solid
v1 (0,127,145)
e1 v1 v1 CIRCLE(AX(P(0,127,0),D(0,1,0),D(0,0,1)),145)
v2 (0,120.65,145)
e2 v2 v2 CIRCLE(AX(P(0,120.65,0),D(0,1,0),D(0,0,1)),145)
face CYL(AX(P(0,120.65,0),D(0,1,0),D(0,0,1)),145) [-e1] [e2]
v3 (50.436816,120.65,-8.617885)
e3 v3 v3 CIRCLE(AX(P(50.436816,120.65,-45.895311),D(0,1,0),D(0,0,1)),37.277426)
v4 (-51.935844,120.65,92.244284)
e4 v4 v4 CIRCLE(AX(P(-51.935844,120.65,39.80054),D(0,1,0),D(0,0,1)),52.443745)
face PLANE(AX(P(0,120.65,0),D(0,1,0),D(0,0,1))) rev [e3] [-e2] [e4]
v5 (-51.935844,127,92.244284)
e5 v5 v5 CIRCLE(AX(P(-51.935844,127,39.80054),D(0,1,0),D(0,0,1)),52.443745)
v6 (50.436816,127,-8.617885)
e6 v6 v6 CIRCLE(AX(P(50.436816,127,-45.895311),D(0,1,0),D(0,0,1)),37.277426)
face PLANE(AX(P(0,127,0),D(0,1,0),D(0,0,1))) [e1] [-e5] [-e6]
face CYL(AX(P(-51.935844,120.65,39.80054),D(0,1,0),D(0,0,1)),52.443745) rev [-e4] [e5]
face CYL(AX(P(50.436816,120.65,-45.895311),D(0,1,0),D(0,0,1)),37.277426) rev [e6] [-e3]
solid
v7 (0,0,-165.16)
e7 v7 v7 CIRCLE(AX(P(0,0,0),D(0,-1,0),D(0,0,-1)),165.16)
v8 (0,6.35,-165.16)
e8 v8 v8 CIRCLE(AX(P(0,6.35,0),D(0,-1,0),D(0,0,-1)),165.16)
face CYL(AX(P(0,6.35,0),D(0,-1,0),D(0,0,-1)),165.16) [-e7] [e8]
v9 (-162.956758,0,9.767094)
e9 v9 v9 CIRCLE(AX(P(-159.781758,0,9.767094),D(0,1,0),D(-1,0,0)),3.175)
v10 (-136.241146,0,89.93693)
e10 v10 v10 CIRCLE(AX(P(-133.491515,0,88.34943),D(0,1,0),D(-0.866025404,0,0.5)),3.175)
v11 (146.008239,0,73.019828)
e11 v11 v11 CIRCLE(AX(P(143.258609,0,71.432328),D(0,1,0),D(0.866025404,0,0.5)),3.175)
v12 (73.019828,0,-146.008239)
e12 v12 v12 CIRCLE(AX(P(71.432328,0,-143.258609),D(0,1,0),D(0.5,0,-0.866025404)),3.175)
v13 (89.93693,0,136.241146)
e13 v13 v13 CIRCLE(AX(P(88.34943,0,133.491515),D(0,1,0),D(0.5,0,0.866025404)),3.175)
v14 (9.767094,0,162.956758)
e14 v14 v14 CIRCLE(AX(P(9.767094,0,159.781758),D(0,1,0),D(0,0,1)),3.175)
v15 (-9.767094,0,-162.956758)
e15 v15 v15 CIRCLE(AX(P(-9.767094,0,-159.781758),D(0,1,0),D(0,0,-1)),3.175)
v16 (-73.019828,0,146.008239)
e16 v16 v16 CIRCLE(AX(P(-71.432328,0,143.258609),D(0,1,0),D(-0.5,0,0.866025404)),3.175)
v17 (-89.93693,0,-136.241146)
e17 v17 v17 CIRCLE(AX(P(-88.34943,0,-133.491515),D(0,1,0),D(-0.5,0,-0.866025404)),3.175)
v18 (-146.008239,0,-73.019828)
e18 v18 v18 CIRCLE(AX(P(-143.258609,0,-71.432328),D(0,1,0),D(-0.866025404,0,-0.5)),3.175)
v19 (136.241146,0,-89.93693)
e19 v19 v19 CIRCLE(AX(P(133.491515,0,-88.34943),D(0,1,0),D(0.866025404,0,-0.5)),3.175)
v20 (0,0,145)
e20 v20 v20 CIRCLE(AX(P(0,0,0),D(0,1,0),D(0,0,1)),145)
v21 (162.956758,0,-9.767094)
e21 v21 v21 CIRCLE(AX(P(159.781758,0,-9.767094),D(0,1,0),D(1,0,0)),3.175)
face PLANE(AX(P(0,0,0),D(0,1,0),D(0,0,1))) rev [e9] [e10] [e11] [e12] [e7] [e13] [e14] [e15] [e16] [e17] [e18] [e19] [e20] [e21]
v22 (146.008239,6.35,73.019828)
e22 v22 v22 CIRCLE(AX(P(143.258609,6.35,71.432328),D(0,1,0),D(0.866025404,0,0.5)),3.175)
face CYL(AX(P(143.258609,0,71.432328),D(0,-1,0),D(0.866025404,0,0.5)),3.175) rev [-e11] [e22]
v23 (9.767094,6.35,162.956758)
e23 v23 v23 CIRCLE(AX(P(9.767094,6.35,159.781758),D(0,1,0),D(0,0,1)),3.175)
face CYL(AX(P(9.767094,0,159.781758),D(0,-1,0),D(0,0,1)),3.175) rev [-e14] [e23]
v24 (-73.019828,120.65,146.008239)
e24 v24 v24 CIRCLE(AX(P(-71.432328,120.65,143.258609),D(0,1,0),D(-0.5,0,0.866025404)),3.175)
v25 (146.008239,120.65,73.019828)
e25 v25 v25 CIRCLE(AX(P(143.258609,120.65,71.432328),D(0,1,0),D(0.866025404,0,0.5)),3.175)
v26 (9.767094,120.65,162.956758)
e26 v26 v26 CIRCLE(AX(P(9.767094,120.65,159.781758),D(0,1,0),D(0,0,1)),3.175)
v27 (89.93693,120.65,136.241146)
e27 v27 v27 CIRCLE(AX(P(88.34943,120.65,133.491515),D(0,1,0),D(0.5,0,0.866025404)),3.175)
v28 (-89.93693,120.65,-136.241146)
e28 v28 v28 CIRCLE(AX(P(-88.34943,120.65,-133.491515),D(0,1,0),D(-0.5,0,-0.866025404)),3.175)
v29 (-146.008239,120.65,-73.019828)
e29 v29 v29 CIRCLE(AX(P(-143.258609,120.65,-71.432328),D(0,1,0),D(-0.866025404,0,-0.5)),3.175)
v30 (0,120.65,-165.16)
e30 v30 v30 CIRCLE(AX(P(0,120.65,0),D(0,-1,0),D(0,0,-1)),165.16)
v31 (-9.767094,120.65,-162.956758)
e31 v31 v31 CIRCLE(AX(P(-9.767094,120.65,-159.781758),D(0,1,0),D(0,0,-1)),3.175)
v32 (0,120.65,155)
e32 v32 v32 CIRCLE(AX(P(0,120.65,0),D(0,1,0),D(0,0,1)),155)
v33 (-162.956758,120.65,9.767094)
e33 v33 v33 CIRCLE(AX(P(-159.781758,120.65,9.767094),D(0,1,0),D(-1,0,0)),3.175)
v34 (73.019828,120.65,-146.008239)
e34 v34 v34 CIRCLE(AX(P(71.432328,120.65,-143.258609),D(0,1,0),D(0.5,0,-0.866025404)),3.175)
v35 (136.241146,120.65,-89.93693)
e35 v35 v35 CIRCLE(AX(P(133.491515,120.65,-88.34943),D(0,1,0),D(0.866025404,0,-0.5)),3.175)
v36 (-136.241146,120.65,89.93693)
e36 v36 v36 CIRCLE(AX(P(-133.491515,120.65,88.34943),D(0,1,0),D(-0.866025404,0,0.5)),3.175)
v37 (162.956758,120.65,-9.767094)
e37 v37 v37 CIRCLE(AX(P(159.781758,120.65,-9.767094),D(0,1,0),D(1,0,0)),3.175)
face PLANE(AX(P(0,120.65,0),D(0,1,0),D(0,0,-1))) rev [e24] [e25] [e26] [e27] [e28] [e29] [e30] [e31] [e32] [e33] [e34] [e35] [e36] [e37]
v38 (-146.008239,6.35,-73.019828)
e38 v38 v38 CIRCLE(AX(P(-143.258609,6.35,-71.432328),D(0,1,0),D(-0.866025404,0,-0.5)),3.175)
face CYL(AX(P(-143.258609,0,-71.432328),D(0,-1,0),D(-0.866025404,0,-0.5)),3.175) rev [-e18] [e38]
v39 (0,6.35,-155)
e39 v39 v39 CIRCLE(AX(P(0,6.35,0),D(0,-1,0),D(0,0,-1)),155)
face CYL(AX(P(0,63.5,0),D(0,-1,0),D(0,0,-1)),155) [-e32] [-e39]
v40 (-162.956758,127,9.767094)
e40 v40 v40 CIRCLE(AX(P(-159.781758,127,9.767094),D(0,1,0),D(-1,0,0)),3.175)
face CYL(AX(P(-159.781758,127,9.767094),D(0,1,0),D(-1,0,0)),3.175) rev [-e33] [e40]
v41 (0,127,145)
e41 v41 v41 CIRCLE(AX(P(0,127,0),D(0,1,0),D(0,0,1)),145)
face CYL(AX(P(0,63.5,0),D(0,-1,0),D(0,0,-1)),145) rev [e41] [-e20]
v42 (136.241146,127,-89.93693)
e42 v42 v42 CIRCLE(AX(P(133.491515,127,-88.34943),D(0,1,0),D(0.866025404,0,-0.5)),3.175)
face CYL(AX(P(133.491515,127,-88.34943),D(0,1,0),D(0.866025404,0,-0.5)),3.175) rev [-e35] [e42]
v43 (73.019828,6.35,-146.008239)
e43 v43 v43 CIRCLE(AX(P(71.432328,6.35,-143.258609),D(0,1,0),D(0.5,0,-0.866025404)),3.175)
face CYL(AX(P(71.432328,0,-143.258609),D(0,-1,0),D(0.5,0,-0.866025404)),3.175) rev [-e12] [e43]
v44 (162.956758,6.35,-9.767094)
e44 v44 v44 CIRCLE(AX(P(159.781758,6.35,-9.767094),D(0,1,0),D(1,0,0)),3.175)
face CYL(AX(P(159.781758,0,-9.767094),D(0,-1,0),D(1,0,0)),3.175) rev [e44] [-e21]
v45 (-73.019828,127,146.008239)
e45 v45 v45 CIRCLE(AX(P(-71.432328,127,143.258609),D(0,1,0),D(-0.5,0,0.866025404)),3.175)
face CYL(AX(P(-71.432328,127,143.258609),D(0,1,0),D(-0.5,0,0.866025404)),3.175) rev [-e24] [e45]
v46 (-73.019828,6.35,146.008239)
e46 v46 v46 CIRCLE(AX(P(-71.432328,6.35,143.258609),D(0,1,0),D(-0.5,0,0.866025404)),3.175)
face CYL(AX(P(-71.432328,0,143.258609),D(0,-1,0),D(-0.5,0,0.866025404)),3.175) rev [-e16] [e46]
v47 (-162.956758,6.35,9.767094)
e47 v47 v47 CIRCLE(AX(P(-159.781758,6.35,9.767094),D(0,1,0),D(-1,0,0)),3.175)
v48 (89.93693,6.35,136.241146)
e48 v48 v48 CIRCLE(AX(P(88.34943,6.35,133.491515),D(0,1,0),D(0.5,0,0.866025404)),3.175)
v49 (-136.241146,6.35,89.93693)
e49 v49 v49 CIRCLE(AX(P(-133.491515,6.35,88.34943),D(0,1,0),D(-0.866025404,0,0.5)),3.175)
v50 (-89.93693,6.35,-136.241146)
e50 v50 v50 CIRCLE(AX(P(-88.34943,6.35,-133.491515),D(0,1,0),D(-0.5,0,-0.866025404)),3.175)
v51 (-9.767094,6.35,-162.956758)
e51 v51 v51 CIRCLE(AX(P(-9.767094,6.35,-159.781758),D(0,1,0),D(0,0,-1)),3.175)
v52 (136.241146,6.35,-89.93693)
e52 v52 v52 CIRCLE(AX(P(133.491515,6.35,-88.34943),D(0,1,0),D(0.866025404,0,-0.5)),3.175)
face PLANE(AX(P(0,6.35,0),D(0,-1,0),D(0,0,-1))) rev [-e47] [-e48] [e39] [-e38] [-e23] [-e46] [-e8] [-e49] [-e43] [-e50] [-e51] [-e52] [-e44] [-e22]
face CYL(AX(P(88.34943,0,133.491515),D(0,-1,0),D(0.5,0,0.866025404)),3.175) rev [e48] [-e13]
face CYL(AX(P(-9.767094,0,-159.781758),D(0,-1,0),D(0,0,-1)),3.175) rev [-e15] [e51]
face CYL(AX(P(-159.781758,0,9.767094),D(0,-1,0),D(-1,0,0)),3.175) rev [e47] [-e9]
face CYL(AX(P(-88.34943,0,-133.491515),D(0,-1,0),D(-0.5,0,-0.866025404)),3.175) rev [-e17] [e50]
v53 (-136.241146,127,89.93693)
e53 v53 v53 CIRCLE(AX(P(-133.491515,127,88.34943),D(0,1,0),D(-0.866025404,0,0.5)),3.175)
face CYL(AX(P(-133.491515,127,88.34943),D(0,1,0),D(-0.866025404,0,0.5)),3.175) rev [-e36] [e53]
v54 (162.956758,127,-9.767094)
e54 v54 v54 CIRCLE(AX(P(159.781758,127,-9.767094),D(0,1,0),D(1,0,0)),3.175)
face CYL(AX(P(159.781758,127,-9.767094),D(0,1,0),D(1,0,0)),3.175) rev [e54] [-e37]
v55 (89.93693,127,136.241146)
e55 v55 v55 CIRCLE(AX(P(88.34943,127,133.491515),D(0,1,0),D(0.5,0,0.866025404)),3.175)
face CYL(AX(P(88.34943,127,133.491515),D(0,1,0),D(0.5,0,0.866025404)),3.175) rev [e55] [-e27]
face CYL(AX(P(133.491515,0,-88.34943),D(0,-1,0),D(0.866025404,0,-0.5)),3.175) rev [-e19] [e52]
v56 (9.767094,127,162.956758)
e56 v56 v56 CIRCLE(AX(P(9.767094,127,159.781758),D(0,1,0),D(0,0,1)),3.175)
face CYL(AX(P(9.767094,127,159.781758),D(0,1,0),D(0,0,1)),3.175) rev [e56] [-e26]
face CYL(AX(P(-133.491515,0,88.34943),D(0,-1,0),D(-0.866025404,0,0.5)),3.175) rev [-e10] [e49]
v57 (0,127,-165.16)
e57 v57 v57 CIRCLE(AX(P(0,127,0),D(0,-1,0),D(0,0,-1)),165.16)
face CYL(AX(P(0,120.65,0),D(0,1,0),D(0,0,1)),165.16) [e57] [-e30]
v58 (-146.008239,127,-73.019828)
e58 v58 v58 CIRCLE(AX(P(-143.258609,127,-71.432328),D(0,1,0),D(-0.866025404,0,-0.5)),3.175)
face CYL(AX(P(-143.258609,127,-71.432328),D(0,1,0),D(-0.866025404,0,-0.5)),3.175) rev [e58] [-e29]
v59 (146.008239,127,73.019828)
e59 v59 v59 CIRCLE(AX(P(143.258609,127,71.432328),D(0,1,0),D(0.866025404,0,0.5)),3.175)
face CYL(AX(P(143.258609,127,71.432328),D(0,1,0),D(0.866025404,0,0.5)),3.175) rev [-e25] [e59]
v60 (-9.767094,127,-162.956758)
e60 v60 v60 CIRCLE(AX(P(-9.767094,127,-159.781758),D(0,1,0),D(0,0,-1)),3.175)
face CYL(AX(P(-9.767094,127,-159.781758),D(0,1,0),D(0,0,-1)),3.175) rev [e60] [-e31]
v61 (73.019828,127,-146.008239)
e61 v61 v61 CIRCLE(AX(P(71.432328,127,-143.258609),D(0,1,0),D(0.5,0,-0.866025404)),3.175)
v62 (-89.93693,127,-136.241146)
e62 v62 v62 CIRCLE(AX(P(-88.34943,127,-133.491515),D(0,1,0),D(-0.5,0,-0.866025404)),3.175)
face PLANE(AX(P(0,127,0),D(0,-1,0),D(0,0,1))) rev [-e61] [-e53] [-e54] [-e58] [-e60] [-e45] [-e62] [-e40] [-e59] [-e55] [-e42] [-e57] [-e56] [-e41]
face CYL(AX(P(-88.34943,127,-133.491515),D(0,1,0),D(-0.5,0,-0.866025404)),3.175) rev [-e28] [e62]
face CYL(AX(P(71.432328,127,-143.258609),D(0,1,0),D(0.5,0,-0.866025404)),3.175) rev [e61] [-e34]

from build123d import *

# Parameters (mm, degrees)
SKETCH1_R           = 155
SKETCH1_R_2         = 145
BOSS_EXTRUDE1_DEPTH = 63.5
SKETCH2_R           = 165.16
SKETCH2_R_2         = 155
BOSS_EXTRUDE2_DEPTH = 6.35
SKETCH3_R           = 145
SKETCH3_R_2         = 37.277426073
SKETCH3_R_3         = 52.443744705
BOSS_EXTRUDE4_DEPTH = 6.35
CIRPATTERN2_COUNT   = 12


with BuildPart() as part:
    # Sketch1 → Boss-Extrude1 (new body)
    with BuildSketch(Plane(origin=(0, 0, 0), x_dir=(1, 0, 0), z_dir=(0, 1, 0))):
        with Locations(Location((0, 0, 0), (0, 0, 270))):
            Circle(SKETCH1_R)
        with Locations(Location((0, 0, 0), (0, 0, 270))):
            Circle(SKETCH1_R_2, mode=Mode.SUBTRACT)
    boss_extrude1 = extrude(amount=BOSS_EXTRUDE1_DEPTH)

    # Sketch2 → Boss-Extrude2 (add)
    with BuildSketch(Plane.XZ):
        with Locations(Location((0, 0, 0), (0, 0, 270))):
            Circle(SKETCH2_R)
        with Locations(Location((0, 0, 0), (0, 0, 270))):
            Circle(SKETCH2_R_2, mode=Mode.SUBTRACT)
    boss_extrude2 = extrude(amount=-BOSS_EXTRUDE2_DEPTH)

    # Mirror2: Boss-Extrude1, Boss-Extrude2 across plane
    add(boss_extrude1.mirror(Plane.ZX.offset(63.5)))
    add(boss_extrude2.mirror(Plane.ZX.offset(63.5)))

    # Sketch10 → 1/4 (0.25) Diameter Hole2 (revolve, cut)
    with BuildSketch(Plane(origin=(9.767093679, 127, 159.781758286), x_dir=(0, 0, 1), z_dir=(1, 0, 0))):
        Polygon((0, 0), (0, 8.257732465), (3.175, 6.35), (3.175, 0), align=None)
    f_1_4_0_25_diameter_hole2 = revolve(axis=Axis((9.767093679, 133.35, 159.781758286), (0, -1, 0)), mode=Mode.SUBTRACT)

    # Mirror6: 1/4 (0.25) Diameter Hole2 across plane
    add(f_1_4_0_25_diameter_hole2.mirror(Plane.ZX.offset(63.5)), mode=Mode.SUBTRACT)

    # CirPattern2: 1/4 (0.25) Diameter Hole2 ×12 about axis
    cirpattern2_axis = Axis((0, 0, 0), (0, 1, 0))
    for i in range(1, CIRPATTERN2_COUNT):
        add(f_1_4_0_25_diameter_hole2.rotate(cirpattern2_axis, i * 360 / CIRPATTERN2_COUNT), mode=Mode.SUBTRACT)

    # CirPattern2 copy 1 sketch → CirPattern2 copy 1 (revolve, cut)
    with BuildSketch(Plane(origin=(88.349430391, 0, 133.491514898), x_dir=(0.49999999999999994, 0, 0.8660254037844387), z_dir=(0.8660254037844387, 0, -0.49999999999999994))):
        Polygon((0, 0), (0, -8.257732465), (3.175, -6.35), (3.175, 0), align=None)
    revolve(axis=Axis((88.349430391, -6.35, 133.491514898), (0, -1, 0)), mode=Mode.SUBTRACT)

    # CirPattern2 copy 2 sketch → CirPattern2 copy 2 (revolve, cut)
    with BuildSketch(Plane(origin=(143.258608577, 0, 71.432327896), x_dir=(0.8660254037844386, 0, 0.5000000000000001), z_dir=(0.5000000000000001, 0, -0.8660254037844386))):
        Polygon((0, 0), (0, -8.257732465), (3.175, -6.35), (3.175, 0), align=None)
    revolve(axis=Axis((143.258608577, -6.35, 71.432327896), (0, -1, 0)), mode=Mode.SUBTRACT)

    # CirPattern2 copy 3 sketch → CirPattern2 copy 3 (revolve, cut)
    with BuildSketch(Plane(origin=(159.781758286, 0, -9.767093679), x_dir=(1, 0, 0), z_dir=(0, 0, -1))):
        Polygon((0, 0), (0, -8.257732465), (3.175, -6.35), (3.175, 0), align=None)
    revolve(axis=Axis((159.781758286, -6.35, -9.767093679), (0, -1, 0)), mode=Mode.SUBTRACT)

    # CirPattern2 copy 4 sketch → CirPattern2 copy 4 (revolve, cut)
    with BuildSketch(Plane(origin=(133.491514898, 0, -88.349430391), x_dir=(0.8660254037844387, 0, -0.4999999999999998), z_dir=(-0.4999999999999998, 0, -0.8660254037844387))):
        Polygon((0, 0), (0, -8.257732465), (3.175, -6.35), (3.175, 0), align=None)
    revolve(axis=Axis((133.491514898, -6.35, -88.349430391), (0, -1, 0)), mode=Mode.SUBTRACT)

    # CirPattern2 copy 5 sketch → CirPattern2 copy 5 (revolve, cut)
    with BuildSketch(Plane(origin=(71.432327896, 0, -143.258608577), x_dir=(0.49999999999999994, 0, -0.8660254037844387), z_dir=(-0.8660254037844387, 0, -0.49999999999999994))):
        Polygon((0, 0), (0, -8.257732465), (3.175, -6.35), (3.175, 0), align=None)
    revolve(axis=Axis((71.432327896, -6.35, -143.258608577), (0, -1, 0)), mode=Mode.SUBTRACT)

    # CirPattern2 copy 6 sketch → CirPattern2 copy 6 (revolve, cut)
    with BuildSketch(Plane(origin=(-9.767093679, 0, -159.781758286), x_dir=(0, 0, -1), z_dir=(-1, 0, 0))):
        Polygon((0, 0), (0, -8.257732465), (3.175, -6.35), (3.175, 0), align=None)
    revolve(axis=Axis((-9.767093679, -6.35, -159.781758286), (0, -1, 0)), mode=Mode.SUBTRACT)

    # CirPattern2 copy 7 sketch → CirPattern2 copy 7 (revolve, cut)
    with BuildSketch(Plane(origin=(-88.349430391, 0, -133.491514898), x_dir=(-0.5000000000000001, 0, -0.8660254037844386), z_dir=(-0.8660254037844386, 0, 0.5000000000000001))):
        Polygon((0, 0), (0, -8.257732465), (3.175, -6.35), (3.175, 0), align=None)
    revolve(axis=Axis((-88.349430391, -6.35, -133.491514898), (0, -1, 0)), mode=Mode.SUBTRACT)

    # CirPattern2 copy 8 sketch → CirPattern2 copy 8 (revolve, cut)
    with BuildSketch(Plane(origin=(-143.258608577, 0, -71.432327896), x_dir=(-0.8660254037844384, 0, -0.5000000000000004), z_dir=(-0.5000000000000004, 0, 0.8660254037844384))):
        Polygon((0, 0), (0, -8.257732465), (3.175, -6.35), (3.175, 0), align=None)
    revolve(axis=Axis((-143.258608577, -6.35, -71.432327896), (0, -1, 0)), mode=Mode.SUBTRACT)

    # CirPattern2 copy 9 sketch → CirPattern2 copy 9 (revolve, cut)
    with BuildSketch(Plane(origin=(-159.781758286, 0, 9.767093679), x_dir=(-1, 0, 0), z_dir=(0, 0, 1))):
        Polygon((0, 0), (0, -8.257732465), (3.175, -6.35), (3.175, 0), align=None)
    revolve(axis=Axis((-159.781758286, -6.35, 9.767093679), (0, -1, 0)), mode=Mode.SUBTRACT)

    # CirPattern2 copy 10 sketch → CirPattern2 copy 10 (revolve, cut)
    with BuildSketch(Plane(origin=(-133.491514898, 0, 88.349430391), x_dir=(-0.8660254037844386, 0, 0.5000000000000001), z_dir=(0.5000000000000001, 0, 0.8660254037844386))):
        Polygon((0, 0), (0, -8.257732465), (3.175, -6.35), (3.175, 0), align=None)
    revolve(axis=Axis((-133.491514898, -6.35, 88.349430391), (0, -1, 0)), mode=Mode.SUBTRACT)

    # CirPattern2 copy 11 sketch → CirPattern2 copy 11 (revolve, cut)
    with BuildSketch(Plane(origin=(-71.432327896, 0, 143.258608577), x_dir=(-0.5000000000000004, 0, 0.8660254037844384), z_dir=(0.8660254037844384, 0, 0.5000000000000004))):
        Polygon((0, 0), (0, -8.257732465), (3.175, -6.35), (3.175, 0), align=None)
    revolve(axis=Axis((-71.432327896, -6.35, 143.258608577), (0, -1, 0)), mode=Mode.SUBTRACT)


with BuildPart() as body_2:
    # Sketch3 → Boss-Extrude4 (new body)
    with BuildSketch(Plane(origin=(0, 127, 0), x_dir=(1, 0, 0), z_dir=(0, 1, 0))):
        with Locations(Location((0, 0, 0), (0, 0, 270))):
            Circle(SKETCH3_R)
        with Locations(Location((50.436816268, 45.895311145, 0), (0, 0, 270))):
            Circle(SKETCH3_R_2, mode=Mode.SUBTRACT)
        with Locations(Location((-51.935843859, -39.800539592, 0), (0, 0, 270))):
            Circle(SKETCH3_R_3, mode=Mode.SUBTRACT)
    extrude(amount=-BOSS_EXTRUDE4_DEPTH)


solid = Compound([part.part, body_2.part])
